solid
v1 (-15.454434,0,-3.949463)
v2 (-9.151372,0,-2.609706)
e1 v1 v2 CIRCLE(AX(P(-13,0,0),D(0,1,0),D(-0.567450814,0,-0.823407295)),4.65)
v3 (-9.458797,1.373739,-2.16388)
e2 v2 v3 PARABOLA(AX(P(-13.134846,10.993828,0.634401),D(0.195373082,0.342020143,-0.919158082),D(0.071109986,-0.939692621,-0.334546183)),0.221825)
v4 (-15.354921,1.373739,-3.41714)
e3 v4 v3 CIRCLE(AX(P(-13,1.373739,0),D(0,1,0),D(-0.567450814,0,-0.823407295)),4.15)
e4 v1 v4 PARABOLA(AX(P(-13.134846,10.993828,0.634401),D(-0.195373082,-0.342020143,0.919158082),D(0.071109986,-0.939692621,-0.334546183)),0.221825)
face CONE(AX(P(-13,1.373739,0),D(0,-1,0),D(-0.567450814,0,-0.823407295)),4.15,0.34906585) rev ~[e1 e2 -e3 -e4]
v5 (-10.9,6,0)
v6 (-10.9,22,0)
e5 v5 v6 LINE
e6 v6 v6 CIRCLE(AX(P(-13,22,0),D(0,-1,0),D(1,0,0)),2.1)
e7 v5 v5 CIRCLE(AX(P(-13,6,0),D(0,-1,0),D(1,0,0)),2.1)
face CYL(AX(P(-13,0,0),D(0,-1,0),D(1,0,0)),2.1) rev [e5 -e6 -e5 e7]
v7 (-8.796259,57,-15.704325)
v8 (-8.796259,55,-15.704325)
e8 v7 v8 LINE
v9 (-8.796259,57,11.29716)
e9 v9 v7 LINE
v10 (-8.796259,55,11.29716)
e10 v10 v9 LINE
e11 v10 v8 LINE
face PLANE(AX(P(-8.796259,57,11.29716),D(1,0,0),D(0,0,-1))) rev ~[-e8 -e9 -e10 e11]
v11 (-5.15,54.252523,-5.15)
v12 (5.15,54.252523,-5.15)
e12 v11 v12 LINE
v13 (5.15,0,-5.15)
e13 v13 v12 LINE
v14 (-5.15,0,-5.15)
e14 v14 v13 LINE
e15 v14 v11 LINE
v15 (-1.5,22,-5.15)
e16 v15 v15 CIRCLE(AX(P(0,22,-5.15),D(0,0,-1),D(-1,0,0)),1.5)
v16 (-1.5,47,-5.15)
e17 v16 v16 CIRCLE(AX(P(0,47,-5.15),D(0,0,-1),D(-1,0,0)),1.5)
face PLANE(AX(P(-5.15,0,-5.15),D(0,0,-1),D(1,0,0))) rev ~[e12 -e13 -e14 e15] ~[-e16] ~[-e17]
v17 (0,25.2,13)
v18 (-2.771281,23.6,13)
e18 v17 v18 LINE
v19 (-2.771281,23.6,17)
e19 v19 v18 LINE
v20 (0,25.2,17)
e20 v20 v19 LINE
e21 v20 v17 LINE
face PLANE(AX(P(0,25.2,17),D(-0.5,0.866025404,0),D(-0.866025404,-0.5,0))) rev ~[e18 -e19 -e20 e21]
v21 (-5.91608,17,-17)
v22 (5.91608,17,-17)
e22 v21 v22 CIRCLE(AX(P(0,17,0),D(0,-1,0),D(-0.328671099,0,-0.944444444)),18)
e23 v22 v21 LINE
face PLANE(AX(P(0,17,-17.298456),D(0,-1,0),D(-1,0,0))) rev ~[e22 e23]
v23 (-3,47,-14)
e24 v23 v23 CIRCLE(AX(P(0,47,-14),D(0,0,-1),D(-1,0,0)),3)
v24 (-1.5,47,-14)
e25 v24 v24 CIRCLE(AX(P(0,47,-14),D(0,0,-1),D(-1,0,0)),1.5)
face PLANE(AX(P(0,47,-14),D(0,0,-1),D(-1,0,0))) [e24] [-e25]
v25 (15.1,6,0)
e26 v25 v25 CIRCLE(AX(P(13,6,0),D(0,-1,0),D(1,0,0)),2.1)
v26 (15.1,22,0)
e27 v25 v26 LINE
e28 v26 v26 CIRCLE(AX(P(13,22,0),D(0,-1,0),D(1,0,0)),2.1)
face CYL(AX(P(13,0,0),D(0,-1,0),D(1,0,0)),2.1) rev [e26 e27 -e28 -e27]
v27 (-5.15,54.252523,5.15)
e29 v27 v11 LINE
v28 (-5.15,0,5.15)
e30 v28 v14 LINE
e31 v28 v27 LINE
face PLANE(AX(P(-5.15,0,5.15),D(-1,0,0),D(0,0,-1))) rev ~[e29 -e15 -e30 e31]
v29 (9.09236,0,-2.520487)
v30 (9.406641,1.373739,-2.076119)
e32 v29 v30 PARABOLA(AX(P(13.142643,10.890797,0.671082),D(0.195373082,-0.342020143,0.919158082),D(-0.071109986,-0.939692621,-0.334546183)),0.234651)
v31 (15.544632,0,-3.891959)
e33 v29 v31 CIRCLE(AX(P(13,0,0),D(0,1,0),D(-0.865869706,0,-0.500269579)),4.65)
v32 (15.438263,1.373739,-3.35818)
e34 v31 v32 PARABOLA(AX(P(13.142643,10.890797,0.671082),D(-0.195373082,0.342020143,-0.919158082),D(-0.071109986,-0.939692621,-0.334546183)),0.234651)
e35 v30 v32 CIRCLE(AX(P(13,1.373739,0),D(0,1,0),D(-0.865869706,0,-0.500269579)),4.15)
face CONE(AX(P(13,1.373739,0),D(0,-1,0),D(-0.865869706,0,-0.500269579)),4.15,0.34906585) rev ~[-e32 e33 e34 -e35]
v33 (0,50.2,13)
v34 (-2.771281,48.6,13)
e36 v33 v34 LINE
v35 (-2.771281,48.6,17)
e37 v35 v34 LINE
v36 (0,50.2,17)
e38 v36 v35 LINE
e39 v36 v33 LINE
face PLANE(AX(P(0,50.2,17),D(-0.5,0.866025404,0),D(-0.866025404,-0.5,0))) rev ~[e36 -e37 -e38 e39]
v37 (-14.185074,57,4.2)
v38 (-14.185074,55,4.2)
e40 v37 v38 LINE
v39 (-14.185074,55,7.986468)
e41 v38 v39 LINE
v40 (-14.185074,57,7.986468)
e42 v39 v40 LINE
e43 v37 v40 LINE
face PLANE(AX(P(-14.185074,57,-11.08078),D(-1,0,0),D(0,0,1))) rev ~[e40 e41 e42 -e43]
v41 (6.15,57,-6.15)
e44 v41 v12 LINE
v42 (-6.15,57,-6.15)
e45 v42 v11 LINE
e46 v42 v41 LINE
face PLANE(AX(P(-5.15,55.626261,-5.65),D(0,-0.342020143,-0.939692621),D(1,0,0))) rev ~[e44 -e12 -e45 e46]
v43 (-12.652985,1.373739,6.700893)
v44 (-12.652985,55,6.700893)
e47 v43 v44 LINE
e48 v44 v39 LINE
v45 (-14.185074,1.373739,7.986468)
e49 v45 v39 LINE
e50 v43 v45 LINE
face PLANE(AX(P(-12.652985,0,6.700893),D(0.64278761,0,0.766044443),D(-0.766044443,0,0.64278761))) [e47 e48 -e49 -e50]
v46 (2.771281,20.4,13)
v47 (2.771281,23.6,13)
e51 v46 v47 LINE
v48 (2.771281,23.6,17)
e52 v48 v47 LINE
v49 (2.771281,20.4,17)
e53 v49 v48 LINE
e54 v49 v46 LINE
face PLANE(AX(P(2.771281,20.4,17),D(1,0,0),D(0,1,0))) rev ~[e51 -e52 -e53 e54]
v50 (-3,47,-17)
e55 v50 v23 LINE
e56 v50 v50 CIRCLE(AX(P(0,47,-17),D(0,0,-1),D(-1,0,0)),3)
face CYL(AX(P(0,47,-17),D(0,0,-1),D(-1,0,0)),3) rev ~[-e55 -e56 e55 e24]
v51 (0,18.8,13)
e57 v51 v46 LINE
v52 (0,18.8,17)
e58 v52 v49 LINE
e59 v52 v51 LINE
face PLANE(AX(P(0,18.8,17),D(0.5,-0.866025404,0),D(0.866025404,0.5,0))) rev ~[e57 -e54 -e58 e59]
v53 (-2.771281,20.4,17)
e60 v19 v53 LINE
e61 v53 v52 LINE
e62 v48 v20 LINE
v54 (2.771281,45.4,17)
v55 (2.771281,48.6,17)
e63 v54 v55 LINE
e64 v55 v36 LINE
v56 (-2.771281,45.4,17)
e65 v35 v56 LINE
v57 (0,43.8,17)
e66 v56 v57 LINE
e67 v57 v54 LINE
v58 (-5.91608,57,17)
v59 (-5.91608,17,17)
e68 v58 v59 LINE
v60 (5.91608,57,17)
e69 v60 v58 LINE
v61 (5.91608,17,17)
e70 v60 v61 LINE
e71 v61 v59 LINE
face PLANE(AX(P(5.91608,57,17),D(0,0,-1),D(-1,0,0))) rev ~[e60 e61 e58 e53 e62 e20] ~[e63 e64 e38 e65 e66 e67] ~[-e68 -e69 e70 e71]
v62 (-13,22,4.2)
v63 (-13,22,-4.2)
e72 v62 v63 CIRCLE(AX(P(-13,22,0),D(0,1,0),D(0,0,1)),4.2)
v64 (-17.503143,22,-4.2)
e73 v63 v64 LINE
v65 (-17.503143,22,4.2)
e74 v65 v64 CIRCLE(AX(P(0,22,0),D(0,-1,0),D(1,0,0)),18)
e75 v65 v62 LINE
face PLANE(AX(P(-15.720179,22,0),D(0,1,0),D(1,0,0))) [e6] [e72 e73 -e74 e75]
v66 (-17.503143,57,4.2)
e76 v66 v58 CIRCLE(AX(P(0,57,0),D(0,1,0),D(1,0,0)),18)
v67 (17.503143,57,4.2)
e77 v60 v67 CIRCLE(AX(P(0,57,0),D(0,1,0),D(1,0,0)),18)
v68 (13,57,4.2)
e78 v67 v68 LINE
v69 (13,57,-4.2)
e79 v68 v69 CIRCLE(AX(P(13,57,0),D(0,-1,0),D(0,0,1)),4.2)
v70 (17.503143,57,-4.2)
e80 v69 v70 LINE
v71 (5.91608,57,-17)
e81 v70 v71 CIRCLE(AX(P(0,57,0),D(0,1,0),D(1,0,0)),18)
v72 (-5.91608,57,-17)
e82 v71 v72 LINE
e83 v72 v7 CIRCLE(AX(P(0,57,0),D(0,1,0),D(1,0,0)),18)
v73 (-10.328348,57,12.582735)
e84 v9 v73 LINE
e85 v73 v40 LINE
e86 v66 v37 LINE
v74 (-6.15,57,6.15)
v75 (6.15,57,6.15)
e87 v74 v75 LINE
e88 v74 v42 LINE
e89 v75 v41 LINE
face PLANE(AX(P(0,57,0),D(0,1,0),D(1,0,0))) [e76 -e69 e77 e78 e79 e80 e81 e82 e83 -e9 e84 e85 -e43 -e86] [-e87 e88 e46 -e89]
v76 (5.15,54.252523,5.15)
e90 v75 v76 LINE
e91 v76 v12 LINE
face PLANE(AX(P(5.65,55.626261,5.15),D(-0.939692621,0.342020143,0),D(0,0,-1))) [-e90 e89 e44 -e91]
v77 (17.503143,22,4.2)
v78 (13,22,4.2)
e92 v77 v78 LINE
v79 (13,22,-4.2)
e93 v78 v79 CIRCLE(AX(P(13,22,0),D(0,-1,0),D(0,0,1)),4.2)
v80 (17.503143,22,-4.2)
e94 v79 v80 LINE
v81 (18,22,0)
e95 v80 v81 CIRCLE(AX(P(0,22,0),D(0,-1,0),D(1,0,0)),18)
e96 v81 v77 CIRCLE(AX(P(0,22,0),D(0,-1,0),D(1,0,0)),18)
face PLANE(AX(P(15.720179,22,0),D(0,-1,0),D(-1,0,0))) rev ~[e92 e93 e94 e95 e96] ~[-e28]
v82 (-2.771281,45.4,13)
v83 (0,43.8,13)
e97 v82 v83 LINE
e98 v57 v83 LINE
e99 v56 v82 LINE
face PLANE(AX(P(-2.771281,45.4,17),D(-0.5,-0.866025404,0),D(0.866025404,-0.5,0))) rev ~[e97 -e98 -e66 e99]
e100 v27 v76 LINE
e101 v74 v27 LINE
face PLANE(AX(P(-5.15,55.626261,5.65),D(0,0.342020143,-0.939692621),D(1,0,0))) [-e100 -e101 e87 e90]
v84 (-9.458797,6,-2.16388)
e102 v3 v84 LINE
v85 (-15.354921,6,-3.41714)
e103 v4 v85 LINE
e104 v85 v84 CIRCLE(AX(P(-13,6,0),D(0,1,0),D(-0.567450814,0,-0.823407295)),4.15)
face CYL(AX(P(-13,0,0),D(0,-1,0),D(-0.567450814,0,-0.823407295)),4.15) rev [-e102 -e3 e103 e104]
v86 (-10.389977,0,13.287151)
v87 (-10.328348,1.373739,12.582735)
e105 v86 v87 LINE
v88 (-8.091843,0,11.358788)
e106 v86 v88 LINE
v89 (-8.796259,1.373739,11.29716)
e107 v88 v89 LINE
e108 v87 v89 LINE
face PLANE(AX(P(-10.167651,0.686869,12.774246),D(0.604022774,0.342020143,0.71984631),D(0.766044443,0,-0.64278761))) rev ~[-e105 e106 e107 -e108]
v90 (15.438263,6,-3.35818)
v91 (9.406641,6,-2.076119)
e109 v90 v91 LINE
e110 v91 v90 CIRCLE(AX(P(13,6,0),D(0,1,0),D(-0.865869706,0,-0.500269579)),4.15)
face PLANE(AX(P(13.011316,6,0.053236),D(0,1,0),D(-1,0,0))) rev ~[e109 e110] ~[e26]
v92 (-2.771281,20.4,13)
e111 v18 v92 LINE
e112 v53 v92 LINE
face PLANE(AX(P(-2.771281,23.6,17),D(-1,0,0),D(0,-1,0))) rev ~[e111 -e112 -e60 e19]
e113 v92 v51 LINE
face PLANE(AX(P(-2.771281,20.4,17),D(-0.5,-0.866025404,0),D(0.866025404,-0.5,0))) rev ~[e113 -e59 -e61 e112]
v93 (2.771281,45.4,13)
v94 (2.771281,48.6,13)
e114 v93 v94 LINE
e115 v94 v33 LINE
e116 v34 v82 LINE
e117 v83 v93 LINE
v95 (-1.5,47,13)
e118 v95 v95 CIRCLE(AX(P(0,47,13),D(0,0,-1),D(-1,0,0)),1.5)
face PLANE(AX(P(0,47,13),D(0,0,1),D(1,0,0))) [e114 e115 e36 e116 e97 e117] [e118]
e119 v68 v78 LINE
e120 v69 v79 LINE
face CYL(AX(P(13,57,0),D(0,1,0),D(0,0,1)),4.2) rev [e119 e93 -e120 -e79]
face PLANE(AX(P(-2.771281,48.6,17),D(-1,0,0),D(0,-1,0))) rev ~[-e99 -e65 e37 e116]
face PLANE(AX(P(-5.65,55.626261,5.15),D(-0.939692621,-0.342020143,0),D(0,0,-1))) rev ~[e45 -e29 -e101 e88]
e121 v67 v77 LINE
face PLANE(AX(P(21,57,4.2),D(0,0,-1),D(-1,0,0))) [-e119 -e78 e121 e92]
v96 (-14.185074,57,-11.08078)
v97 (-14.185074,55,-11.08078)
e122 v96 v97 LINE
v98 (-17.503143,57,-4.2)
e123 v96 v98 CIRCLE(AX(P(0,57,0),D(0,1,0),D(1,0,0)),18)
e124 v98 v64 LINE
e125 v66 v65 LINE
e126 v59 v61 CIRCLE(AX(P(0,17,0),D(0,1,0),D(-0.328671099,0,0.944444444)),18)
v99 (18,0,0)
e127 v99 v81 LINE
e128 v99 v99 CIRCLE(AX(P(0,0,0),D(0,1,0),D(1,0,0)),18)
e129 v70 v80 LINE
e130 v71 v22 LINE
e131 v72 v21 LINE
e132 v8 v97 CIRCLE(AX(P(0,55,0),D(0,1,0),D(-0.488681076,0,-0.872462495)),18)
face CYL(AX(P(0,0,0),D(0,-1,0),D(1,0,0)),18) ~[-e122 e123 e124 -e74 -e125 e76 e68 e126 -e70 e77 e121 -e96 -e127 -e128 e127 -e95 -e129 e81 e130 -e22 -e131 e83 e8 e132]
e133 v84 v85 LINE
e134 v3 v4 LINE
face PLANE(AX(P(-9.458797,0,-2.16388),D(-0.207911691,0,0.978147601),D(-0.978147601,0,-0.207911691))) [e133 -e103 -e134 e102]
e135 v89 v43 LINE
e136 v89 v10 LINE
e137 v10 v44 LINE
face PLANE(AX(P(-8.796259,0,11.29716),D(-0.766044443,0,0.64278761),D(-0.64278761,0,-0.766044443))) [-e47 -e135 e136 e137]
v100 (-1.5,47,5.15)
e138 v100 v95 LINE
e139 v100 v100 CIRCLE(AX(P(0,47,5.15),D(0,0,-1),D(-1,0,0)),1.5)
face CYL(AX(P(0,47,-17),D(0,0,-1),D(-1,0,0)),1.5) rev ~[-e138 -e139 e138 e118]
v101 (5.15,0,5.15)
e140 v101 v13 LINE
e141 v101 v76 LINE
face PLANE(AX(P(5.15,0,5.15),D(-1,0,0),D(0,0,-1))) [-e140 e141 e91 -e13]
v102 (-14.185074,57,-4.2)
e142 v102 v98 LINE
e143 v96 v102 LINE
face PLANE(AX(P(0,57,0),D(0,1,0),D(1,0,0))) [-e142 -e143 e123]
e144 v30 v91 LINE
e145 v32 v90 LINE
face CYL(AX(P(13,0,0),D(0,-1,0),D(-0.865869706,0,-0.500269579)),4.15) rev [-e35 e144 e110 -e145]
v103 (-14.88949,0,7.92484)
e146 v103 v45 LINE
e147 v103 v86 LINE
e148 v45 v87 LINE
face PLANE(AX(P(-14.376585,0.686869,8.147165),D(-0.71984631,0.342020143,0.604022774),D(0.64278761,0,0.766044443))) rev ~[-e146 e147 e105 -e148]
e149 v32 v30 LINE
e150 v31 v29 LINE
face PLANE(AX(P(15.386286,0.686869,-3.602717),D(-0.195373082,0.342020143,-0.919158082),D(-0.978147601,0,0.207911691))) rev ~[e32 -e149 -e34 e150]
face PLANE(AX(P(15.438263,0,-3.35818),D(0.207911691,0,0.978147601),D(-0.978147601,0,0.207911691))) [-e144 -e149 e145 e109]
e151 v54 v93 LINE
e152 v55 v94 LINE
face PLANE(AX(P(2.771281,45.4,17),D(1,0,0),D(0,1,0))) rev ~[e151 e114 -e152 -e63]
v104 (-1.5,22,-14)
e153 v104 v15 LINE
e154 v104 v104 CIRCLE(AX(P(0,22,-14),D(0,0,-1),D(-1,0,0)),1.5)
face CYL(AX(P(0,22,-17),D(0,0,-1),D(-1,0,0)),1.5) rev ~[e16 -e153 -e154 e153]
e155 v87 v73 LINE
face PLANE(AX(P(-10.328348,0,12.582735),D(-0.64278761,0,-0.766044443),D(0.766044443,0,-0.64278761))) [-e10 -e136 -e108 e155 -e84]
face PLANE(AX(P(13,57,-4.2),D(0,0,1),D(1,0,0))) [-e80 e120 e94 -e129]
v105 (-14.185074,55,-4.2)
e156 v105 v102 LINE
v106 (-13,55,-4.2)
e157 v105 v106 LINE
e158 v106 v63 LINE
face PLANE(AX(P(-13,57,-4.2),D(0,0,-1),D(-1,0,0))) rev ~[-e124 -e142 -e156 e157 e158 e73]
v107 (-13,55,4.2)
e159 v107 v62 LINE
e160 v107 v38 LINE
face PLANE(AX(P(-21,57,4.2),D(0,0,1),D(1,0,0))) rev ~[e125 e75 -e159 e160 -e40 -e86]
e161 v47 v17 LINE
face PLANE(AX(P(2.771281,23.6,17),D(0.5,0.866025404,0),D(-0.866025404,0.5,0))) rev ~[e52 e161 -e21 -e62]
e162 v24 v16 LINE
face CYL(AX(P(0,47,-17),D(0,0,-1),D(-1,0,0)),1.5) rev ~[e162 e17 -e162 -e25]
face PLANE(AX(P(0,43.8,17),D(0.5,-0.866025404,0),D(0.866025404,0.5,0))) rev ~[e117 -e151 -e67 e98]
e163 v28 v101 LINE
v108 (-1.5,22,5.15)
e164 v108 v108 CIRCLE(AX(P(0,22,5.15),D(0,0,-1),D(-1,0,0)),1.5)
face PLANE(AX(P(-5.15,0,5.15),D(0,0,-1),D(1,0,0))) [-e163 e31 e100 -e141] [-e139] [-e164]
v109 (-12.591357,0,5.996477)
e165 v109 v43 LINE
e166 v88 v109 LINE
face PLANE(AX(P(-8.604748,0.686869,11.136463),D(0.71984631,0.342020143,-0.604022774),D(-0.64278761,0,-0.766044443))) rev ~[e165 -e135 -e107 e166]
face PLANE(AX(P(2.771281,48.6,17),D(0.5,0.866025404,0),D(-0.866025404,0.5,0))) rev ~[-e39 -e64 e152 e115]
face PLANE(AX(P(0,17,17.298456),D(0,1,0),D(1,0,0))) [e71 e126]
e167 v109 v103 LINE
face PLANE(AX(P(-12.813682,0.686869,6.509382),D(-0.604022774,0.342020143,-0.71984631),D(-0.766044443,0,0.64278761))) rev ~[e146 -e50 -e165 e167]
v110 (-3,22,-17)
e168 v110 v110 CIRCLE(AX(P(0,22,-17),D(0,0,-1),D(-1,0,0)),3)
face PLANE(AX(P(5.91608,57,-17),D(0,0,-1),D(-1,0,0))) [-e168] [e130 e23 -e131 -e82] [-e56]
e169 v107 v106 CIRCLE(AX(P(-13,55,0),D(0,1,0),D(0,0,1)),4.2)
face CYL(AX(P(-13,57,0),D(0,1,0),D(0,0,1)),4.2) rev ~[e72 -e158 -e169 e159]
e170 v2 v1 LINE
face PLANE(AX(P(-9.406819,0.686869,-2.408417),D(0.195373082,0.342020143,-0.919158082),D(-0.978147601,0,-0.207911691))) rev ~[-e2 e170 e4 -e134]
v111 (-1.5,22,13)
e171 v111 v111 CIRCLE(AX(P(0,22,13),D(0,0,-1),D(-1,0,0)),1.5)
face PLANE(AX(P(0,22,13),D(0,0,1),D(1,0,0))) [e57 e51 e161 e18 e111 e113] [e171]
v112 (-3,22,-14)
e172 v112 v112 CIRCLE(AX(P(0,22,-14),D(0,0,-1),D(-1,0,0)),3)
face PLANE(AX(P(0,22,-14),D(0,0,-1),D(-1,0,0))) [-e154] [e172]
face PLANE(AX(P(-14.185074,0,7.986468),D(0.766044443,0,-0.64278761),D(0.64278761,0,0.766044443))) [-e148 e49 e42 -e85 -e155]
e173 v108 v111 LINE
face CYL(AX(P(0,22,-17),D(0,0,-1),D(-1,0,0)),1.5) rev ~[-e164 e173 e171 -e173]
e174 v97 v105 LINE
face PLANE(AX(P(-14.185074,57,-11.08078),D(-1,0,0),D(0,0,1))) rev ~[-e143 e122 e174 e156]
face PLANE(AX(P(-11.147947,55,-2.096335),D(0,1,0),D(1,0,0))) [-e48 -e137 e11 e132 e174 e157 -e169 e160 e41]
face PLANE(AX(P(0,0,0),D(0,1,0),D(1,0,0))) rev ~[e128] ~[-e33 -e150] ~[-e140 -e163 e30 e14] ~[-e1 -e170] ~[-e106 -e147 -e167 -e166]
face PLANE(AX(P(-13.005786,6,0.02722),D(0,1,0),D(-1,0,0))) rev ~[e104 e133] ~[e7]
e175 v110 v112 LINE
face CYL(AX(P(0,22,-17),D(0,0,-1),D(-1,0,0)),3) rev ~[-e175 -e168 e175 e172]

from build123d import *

# Parameters (mm, degrees)
SKETCH1_R           = 18
SKETCH1_R_2         = 2.1
SKETCH1_W           = 10.3
SKETCH1_H           = 10.3
BOSS_EXTRUDE1_DEPTH = 57
CUT_EXTRUDE4_DEPTH  = 40
SKETCH6_R           = 1.5
CUT_EXTRUDE5_DEPTH  = 36
SKETCH7_R           = 3
CUT_EXTRUDE6_DEPTH  = 3
CUT_EXTRUDE7_DEPTH  = 4
CHAMFER1_SIZE       = 1
CHAMFER1_SIZE2      = 2.747477419
CUT_EXTRUDE9_DEPTH  = 6
CHAMFER2_SIZE       = 0.5
CHAMFER2_SIZE2      = 1.37373871
CUT_EXTRUDE10_DEPTH = 35
CUT_EXTRUDE11_DEPTH = 58
CHAMFER3_SIZE       = 0.5
CHAMFER3_SIZE2      = 1.37373871
CUT_EXTRUDE13_DEPTH = 2


with BuildPart() as part:
    # Sketch1 → Boss-Extrude1 (new body)
    with BuildSketch(Plane(origin=(0, 0, 0), x_dir=(1, 0, 0), z_dir=(0, 1, 0))):
        Circle(SKETCH1_R)
        with Locations((13, 0)):
            Circle(SKETCH1_R_2, mode=Mode.SUBTRACT)
        with Locations((-13, 0)):
            Circle(SKETCH1_R_2, mode=Mode.SUBTRACT)
        Rectangle(SKETCH1_W, SKETCH1_H, mode=Mode.SUBTRACT)
    extrude(amount=BOSS_EXTRUDE1_DEPTH)

    # Sketch5 → Cut-Extrude4 (cut)
    with BuildSketch(Plane(origin=(0, 57, 0), x_dir=(1, 0, 0), z_dir=(0, 1, 0))):
        with BuildLine():
            Line((5.916079783, 17), (-5.916079783, 17))
            ThreePointArc((-5.916079783, 17), (0, 18), (5.916079783, 17))
        make_face()
        with BuildLine():
            Line((5.916079783, -17), (-5.916079783, -17))
            ThreePointArc((-5.916079783, -17), (0, -18), (5.916079783, -17))
        make_face()
    extrude(amount=-CUT_EXTRUDE4_DEPTH, mode=Mode.SUBTRACT)

    # Sketch6 → Cut-Extrude5 (cut, through all)
    with BuildSketch(Plane(origin=(0, 0, -17), x_dir=(-1, 0, 0), z_dir=(0, 0, -1))):
        with Locations((0, 47)):
            Circle(SKETCH6_R)
        with Locations((0, 22)):
            Circle(SKETCH6_R)
    extrude(amount=-CUT_EXTRUDE5_DEPTH, mode=Mode.SUBTRACT)

    # Sketch7 → Cut-Extrude6 (cut)
    with BuildSketch(Plane(origin=(0, 0, -17), x_dir=(-1, 0, 0), z_dir=(0, 0, -1))):
        with Locations((0, 47)):
            Circle(SKETCH7_R)
        with Locations((0, 22)):
            Circle(SKETCH7_R)
    extrude(amount=-CUT_EXTRUDE6_DEPTH, mode=Mode.SUBTRACT)

    # Sketch8 → Cut-Extrude7 (cut)
    with BuildSketch(Plane.XY.offset(17)):
        Polygon((0, 43.8), (2.771281292, 45.4), (2.771281292, 48.6), (0, 50.2), (-2.771281292, 48.6), (-2.771281292, 45.4), align=None)
        Polygon((0, 18.8), (2.771281292, 20.4), (2.771281292, 23.6), (0, 25.2), (-2.771281292, 23.6), (-2.771281292, 20.4), align=None)
    extrude(amount=-CUT_EXTRUDE7_DEPTH, mode=Mode.SUBTRACT)

    # Chamfer1
    chamfer1_edges = [part.edges().sort_by_distance(p)[0] for p in [
        (0, 57, -5.15),
        (-5.15, 57, 0),
        (0, 57, 5.15),
        (5.15, 57, 0),
    ]]
    chamfer1_side = [part.faces().sort_by_distance(p)[0] for p in [
        (14.267618119, 57, 10.141691708),
    ]]
    chamfer(chamfer1_edges, length=CHAMFER1_SIZE, length2=CHAMFER1_SIZE2, reference=chamfer1_side[0])

    # Sketch9 → Cut-Extrude9 (cut)
    with BuildSketch(Plane.XZ):
        with BuildLine():
            Line((15.438263477, -3.358179747), (9.406640719, -2.076118753))
            ThreePointArc((9.406640719, -2.076118753), (13.862833517, 4.059312543), (15.438263477, -3.358179747))
        make_face()
        with BuildLine():
            Line((-9.458796565, -2.163880365), (-15.354920877, -3.417140276))
            ThreePointArc((-15.354920877, -3.417140276), (-13.862833517, 4.059312543), (-9.458796565, -2.163880365))
        make_face()
    extrude(amount=-CUT_EXTRUDE9_DEPTH, mode=Mode.SUBTRACT)

    # Chamfer2
    chamfer2_edges = [part.edges().sort_by_distance(p)[0] for p in [
        (13.862833517, 0, 4.059312543),
        (12.422452098, 0, -2.71714925),
        (-13.862833517, 0, 4.059312543),
        (-12.406858721, 0, -2.79051032),
    ]]
    chamfer2_side = [part.faces().sort_by_distance(p)[0] for p in [
        (-17.490883118, 0, 0),
    ]]
    chamfer(chamfer2_edges, length=CHAMFER2_SIZE, length2=CHAMFER2_SIZE2, reference=chamfer2_side[0])

    # Sketch10 → Cut-Extrude10 (cut)
    with BuildSketch(Plane(origin=(0, 57, 0), x_dir=(1, 0, 0), z_dir=(0, 1, 0))):
        with BuildLine():
            Line((13, 4.2), (21, 4.2))
            Line((21, 4.2), (21, -4.2))
            Line((21, -4.2), (13, -4.2))
            ThreePointArc((13, -4.2), (8.8, 0), (13, 4.2))
        make_face()
        with BuildLine():
            Line((-13, 4.2), (-21, 4.2))
            Line((-21, 4.2), (-21, -4.2))
            Line((-21, -4.2), (-13, -4.2))
            ThreePointArc((-13, -4.2), (-8.8, 0), (-13, 4.2))
        make_face()
    extrude(amount=-CUT_EXTRUDE10_DEPTH, mode=Mode.SUBTRACT)

    # Sketch11 → Cut-Extrude11 (cut, through all)
    with BuildSketch(Plane.XZ):
        Polygon((-14.185073919, 7.986468426), (-10.328348261, 12.582735084), (-8.796259375, 11.297159865), (-12.652985033, 6.700893206), align=None)
    extrude(amount=-CUT_EXTRUDE11_DEPTH, mode=Mode.SUBTRACT)

    # Chamfer3
    chamfer3_edges = [part.edges().sort_by_distance(p)[0] for p in [
        (-13.419029476, 0, 7.343680816),
        (-10.724622204, 0, 8.999026536),
        (-9.562303818, 0, 11.939947475),
        (-12.25671109, 0, 10.284601755),
    ]]
    chamfer3_side = [part.faces().sort_by_distance(p)[0] for p in [
        (-17.949088312, 0, 0),
    ]]
    chamfer(chamfer3_edges, length=CHAMFER3_SIZE, length2=CHAMFER3_SIZE2, reference=chamfer3_side[0])

    # Sketch13 → Cut-Extrude13 (cut)
    with BuildSketch(Plane(origin=(0, 57, 0), x_dir=(1, 0, 0), z_dir=(0, 1, 0))):
        with BuildLine():
            Line((-8.796259375, -11.297159865), (-8.796259375, 15.704324914))
            ThreePointArc((-8.796259375, 15.704324914), (-11.720909208, 13.660903606), (-14.185073919, 11.080779662))
            Line((-14.185073919, 11.080779662), (-14.185073919, -7.986468426))
            Line((-14.185073919, -7.986468426), (-8.796259375, -11.297159865))
        make_face()
    extrude(amount=-CUT_EXTRUDE13_DEPTH, mode=Mode.SUBTRACT)


solid = part.part
